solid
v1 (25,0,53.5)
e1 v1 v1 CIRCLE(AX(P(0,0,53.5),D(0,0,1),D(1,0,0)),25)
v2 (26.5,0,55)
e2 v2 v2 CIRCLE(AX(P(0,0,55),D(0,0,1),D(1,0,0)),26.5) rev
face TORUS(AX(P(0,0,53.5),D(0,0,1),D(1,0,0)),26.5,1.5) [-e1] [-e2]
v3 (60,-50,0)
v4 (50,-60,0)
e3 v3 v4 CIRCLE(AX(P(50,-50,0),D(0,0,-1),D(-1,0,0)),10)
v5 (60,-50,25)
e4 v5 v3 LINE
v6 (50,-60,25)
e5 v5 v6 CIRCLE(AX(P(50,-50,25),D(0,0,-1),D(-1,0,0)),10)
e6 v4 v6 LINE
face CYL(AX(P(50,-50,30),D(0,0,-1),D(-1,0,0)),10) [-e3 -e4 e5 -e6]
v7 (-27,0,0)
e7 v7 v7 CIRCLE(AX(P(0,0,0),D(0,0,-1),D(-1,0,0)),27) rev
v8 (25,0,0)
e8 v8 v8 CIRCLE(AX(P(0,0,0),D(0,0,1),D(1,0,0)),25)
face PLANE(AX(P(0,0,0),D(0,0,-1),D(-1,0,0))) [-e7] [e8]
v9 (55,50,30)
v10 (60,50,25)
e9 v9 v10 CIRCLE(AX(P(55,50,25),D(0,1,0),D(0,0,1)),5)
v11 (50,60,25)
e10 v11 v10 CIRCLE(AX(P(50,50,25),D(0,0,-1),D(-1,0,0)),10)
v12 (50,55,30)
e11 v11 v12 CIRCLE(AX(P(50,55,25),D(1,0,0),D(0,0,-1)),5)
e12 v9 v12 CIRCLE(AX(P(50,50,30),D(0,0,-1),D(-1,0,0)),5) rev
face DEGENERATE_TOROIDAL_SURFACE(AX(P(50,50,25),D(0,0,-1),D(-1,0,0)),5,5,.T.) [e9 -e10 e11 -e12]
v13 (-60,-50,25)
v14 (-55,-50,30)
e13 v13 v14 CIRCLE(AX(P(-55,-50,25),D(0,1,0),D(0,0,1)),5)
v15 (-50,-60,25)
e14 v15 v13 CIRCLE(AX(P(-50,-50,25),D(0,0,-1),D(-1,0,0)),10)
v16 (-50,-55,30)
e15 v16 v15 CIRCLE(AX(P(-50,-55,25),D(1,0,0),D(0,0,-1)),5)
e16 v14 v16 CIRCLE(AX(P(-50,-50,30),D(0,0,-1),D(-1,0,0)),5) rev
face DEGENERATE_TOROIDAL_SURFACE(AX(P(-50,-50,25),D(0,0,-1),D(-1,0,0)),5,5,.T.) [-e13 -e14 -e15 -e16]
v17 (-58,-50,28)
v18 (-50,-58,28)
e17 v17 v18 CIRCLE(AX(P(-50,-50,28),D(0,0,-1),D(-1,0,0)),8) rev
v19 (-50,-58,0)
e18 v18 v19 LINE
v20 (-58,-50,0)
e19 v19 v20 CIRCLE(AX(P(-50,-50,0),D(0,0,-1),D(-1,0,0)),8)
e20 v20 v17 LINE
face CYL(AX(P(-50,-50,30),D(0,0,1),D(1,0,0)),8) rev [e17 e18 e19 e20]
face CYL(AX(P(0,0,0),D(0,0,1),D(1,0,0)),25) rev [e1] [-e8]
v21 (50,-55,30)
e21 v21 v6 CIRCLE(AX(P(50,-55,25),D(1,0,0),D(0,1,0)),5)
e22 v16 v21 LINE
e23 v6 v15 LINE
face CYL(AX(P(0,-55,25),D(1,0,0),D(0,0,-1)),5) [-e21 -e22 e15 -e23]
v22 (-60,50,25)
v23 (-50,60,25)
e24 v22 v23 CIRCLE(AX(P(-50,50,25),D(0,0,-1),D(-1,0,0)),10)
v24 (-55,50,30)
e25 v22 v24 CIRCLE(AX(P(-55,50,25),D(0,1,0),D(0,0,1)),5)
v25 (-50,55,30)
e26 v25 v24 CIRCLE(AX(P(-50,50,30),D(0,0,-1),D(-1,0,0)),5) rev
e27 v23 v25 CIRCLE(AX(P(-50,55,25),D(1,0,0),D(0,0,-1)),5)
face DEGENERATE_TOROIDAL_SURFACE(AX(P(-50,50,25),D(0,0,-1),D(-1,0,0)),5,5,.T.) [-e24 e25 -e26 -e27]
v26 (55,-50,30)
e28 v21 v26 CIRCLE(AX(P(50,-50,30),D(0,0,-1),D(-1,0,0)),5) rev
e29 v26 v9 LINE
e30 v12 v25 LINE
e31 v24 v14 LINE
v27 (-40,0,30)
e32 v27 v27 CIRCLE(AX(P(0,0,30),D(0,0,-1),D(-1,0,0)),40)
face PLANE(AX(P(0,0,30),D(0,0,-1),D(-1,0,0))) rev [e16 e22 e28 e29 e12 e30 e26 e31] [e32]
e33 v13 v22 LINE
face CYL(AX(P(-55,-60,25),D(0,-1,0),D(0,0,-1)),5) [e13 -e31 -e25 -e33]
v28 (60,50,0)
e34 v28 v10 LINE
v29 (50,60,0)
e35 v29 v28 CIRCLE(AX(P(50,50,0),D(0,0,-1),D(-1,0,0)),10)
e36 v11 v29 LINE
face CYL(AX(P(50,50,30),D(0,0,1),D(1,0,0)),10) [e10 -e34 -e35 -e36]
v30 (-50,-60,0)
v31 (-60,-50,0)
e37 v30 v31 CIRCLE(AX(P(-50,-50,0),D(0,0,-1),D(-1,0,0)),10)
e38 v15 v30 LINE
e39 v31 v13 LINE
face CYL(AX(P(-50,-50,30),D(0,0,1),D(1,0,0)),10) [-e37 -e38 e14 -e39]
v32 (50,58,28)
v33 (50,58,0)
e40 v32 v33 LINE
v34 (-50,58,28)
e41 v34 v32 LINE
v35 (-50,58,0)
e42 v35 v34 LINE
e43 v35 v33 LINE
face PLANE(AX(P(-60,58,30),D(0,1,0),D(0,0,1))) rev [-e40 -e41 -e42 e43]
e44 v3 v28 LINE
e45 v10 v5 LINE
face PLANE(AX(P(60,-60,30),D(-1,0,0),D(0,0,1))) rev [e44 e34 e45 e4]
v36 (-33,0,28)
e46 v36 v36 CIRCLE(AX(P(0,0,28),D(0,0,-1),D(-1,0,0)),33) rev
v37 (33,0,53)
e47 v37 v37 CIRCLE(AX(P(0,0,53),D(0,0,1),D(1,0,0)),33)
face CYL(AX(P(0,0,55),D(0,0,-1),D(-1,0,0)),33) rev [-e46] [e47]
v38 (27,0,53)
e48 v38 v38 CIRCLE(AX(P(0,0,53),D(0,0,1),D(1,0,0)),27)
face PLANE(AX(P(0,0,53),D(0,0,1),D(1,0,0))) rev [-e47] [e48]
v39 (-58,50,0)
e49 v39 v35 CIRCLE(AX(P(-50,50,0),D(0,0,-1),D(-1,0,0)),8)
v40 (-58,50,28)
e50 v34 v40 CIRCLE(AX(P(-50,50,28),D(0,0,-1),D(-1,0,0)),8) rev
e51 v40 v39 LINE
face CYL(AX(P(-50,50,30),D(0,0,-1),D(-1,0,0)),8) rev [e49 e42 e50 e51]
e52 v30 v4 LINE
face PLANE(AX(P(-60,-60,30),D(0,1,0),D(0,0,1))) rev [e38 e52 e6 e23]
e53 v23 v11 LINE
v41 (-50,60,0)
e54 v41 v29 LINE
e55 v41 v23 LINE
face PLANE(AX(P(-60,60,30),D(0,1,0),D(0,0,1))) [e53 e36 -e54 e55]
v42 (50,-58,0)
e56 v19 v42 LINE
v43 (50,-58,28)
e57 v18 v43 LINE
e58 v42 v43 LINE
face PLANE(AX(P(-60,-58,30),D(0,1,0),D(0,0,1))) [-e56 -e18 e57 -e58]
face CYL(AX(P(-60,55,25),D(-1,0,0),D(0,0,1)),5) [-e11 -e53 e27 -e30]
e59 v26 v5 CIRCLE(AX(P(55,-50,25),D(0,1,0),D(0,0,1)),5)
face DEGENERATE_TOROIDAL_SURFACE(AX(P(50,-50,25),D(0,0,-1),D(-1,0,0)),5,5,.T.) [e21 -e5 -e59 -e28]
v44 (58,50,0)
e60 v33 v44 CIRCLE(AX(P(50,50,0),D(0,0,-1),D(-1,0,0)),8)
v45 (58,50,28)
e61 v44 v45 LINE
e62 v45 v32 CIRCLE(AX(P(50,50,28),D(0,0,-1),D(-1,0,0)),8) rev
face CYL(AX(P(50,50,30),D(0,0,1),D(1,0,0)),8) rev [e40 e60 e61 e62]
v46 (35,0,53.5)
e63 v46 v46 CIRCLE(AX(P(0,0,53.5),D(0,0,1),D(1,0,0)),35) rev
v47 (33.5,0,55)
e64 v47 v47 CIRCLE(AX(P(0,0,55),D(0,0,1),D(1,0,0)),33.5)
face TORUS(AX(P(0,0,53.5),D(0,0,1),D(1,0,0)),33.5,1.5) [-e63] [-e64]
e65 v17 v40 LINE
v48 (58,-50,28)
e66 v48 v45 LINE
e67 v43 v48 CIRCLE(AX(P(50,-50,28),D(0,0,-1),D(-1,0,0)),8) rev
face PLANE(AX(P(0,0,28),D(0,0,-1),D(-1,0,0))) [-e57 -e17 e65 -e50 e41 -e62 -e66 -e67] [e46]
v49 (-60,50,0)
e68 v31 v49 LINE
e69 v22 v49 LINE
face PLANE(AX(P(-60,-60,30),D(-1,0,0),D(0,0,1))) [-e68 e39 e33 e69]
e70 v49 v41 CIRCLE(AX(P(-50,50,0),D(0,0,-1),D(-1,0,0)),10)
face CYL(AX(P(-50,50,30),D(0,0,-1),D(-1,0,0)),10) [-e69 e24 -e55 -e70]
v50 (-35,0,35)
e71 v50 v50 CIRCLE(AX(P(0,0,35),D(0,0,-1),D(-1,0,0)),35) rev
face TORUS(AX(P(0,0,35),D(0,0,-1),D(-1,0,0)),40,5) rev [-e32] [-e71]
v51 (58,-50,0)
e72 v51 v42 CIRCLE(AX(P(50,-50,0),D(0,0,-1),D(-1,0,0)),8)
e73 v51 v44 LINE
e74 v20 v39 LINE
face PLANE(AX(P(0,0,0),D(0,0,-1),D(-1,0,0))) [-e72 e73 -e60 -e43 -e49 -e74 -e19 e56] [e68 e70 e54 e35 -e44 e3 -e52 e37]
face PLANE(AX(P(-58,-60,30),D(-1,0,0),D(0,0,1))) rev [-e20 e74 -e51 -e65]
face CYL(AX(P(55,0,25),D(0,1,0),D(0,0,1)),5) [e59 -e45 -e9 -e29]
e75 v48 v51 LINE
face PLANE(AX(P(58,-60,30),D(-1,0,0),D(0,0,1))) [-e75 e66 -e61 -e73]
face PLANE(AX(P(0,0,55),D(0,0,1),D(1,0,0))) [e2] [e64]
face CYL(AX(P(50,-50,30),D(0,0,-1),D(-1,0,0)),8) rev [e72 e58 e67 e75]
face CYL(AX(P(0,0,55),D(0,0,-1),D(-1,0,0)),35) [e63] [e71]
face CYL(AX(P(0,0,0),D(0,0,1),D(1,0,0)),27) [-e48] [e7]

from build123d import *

# Parameters (mm, degrees)
SKETCH3_W           = 120
SKETCH3_H           = 120
BOSS_EXTRUDE1_DEPTH = 30
SKETCH4_R           = 35
BOSS_EXTRUDE2_DEPTH = 25
SKETCH5_R           = 25
CUT_EXTRUDE1_DEPTH  = 102.118742081
FILLET2_R           = 1.5
FILLET3_R           = 10
SHELL1_T            = -2
FILLET4_R           = 5


with BuildPart() as part:
    # Sketch3 → Boss-Extrude1 (new body)
    with BuildSketch(Plane.XY):
        Rectangle(SKETCH3_W, SKETCH3_H)
    extrude(amount=BOSS_EXTRUDE1_DEPTH)

    # Sketch4 → Boss-Extrude2 (add)
    with BuildSketch(Plane.XY.offset(30)):
        Circle(SKETCH4_R)
    extrude(amount=BOSS_EXTRUDE2_DEPTH)

    # Sketch5 → Cut-Extrude1 (cut, through all)
    with BuildSketch(Plane.XY.offset(55)):
        Circle(SKETCH5_R)
    extrude(amount=-CUT_EXTRUDE1_DEPTH, mode=Mode.SUBTRACT)

    # Fillet2
    fillet2_edges = [part.edges().sort_by_distance(p)[0] for p in [
        (-35, 0, 55),
        (-25, 0, 55),
    ]]
    fillet(fillet2_edges, radius=FILLET2_R)

    # Fillet3
    fillet3_edges = [part.edges().sort_by_distance(p)[0] for p in [
        (-60, -60, 15),
        (60, -60, 15),
        (60, 60, 15),
        (-60, 60, 15),
    ]]
    fillet(fillet3_edges, radius=FILLET3_R)

    # Shell1
    shell1_openings = [part.faces().sort_by_distance(p)[0] for p in [
        (0, -58.302943725, 0),
    ]]
    offset(amount=SHELL1_T, openings=shell1_openings, kind=Kind.INTERSECTION)

    # Fillet4
    fillet4_edges = [part.edges().sort_by_distance(p)[0] for p in [
        (-35, 0, 30),
        (-60, 0, 30),
        (0, 60, 30),
        (0, -60, 30),
        (60, 0, 30),
        (57.071067812, 57.071067812, 30),
        (57.071067812, -57.071067812, 30),
        (-57.071067812, -57.071067812, 30),
        (-57.071067812, 57.071067812, 30),
    ]]
    fillet(fillet4_edges, radius=FILLET4_R)


solid = part.part
